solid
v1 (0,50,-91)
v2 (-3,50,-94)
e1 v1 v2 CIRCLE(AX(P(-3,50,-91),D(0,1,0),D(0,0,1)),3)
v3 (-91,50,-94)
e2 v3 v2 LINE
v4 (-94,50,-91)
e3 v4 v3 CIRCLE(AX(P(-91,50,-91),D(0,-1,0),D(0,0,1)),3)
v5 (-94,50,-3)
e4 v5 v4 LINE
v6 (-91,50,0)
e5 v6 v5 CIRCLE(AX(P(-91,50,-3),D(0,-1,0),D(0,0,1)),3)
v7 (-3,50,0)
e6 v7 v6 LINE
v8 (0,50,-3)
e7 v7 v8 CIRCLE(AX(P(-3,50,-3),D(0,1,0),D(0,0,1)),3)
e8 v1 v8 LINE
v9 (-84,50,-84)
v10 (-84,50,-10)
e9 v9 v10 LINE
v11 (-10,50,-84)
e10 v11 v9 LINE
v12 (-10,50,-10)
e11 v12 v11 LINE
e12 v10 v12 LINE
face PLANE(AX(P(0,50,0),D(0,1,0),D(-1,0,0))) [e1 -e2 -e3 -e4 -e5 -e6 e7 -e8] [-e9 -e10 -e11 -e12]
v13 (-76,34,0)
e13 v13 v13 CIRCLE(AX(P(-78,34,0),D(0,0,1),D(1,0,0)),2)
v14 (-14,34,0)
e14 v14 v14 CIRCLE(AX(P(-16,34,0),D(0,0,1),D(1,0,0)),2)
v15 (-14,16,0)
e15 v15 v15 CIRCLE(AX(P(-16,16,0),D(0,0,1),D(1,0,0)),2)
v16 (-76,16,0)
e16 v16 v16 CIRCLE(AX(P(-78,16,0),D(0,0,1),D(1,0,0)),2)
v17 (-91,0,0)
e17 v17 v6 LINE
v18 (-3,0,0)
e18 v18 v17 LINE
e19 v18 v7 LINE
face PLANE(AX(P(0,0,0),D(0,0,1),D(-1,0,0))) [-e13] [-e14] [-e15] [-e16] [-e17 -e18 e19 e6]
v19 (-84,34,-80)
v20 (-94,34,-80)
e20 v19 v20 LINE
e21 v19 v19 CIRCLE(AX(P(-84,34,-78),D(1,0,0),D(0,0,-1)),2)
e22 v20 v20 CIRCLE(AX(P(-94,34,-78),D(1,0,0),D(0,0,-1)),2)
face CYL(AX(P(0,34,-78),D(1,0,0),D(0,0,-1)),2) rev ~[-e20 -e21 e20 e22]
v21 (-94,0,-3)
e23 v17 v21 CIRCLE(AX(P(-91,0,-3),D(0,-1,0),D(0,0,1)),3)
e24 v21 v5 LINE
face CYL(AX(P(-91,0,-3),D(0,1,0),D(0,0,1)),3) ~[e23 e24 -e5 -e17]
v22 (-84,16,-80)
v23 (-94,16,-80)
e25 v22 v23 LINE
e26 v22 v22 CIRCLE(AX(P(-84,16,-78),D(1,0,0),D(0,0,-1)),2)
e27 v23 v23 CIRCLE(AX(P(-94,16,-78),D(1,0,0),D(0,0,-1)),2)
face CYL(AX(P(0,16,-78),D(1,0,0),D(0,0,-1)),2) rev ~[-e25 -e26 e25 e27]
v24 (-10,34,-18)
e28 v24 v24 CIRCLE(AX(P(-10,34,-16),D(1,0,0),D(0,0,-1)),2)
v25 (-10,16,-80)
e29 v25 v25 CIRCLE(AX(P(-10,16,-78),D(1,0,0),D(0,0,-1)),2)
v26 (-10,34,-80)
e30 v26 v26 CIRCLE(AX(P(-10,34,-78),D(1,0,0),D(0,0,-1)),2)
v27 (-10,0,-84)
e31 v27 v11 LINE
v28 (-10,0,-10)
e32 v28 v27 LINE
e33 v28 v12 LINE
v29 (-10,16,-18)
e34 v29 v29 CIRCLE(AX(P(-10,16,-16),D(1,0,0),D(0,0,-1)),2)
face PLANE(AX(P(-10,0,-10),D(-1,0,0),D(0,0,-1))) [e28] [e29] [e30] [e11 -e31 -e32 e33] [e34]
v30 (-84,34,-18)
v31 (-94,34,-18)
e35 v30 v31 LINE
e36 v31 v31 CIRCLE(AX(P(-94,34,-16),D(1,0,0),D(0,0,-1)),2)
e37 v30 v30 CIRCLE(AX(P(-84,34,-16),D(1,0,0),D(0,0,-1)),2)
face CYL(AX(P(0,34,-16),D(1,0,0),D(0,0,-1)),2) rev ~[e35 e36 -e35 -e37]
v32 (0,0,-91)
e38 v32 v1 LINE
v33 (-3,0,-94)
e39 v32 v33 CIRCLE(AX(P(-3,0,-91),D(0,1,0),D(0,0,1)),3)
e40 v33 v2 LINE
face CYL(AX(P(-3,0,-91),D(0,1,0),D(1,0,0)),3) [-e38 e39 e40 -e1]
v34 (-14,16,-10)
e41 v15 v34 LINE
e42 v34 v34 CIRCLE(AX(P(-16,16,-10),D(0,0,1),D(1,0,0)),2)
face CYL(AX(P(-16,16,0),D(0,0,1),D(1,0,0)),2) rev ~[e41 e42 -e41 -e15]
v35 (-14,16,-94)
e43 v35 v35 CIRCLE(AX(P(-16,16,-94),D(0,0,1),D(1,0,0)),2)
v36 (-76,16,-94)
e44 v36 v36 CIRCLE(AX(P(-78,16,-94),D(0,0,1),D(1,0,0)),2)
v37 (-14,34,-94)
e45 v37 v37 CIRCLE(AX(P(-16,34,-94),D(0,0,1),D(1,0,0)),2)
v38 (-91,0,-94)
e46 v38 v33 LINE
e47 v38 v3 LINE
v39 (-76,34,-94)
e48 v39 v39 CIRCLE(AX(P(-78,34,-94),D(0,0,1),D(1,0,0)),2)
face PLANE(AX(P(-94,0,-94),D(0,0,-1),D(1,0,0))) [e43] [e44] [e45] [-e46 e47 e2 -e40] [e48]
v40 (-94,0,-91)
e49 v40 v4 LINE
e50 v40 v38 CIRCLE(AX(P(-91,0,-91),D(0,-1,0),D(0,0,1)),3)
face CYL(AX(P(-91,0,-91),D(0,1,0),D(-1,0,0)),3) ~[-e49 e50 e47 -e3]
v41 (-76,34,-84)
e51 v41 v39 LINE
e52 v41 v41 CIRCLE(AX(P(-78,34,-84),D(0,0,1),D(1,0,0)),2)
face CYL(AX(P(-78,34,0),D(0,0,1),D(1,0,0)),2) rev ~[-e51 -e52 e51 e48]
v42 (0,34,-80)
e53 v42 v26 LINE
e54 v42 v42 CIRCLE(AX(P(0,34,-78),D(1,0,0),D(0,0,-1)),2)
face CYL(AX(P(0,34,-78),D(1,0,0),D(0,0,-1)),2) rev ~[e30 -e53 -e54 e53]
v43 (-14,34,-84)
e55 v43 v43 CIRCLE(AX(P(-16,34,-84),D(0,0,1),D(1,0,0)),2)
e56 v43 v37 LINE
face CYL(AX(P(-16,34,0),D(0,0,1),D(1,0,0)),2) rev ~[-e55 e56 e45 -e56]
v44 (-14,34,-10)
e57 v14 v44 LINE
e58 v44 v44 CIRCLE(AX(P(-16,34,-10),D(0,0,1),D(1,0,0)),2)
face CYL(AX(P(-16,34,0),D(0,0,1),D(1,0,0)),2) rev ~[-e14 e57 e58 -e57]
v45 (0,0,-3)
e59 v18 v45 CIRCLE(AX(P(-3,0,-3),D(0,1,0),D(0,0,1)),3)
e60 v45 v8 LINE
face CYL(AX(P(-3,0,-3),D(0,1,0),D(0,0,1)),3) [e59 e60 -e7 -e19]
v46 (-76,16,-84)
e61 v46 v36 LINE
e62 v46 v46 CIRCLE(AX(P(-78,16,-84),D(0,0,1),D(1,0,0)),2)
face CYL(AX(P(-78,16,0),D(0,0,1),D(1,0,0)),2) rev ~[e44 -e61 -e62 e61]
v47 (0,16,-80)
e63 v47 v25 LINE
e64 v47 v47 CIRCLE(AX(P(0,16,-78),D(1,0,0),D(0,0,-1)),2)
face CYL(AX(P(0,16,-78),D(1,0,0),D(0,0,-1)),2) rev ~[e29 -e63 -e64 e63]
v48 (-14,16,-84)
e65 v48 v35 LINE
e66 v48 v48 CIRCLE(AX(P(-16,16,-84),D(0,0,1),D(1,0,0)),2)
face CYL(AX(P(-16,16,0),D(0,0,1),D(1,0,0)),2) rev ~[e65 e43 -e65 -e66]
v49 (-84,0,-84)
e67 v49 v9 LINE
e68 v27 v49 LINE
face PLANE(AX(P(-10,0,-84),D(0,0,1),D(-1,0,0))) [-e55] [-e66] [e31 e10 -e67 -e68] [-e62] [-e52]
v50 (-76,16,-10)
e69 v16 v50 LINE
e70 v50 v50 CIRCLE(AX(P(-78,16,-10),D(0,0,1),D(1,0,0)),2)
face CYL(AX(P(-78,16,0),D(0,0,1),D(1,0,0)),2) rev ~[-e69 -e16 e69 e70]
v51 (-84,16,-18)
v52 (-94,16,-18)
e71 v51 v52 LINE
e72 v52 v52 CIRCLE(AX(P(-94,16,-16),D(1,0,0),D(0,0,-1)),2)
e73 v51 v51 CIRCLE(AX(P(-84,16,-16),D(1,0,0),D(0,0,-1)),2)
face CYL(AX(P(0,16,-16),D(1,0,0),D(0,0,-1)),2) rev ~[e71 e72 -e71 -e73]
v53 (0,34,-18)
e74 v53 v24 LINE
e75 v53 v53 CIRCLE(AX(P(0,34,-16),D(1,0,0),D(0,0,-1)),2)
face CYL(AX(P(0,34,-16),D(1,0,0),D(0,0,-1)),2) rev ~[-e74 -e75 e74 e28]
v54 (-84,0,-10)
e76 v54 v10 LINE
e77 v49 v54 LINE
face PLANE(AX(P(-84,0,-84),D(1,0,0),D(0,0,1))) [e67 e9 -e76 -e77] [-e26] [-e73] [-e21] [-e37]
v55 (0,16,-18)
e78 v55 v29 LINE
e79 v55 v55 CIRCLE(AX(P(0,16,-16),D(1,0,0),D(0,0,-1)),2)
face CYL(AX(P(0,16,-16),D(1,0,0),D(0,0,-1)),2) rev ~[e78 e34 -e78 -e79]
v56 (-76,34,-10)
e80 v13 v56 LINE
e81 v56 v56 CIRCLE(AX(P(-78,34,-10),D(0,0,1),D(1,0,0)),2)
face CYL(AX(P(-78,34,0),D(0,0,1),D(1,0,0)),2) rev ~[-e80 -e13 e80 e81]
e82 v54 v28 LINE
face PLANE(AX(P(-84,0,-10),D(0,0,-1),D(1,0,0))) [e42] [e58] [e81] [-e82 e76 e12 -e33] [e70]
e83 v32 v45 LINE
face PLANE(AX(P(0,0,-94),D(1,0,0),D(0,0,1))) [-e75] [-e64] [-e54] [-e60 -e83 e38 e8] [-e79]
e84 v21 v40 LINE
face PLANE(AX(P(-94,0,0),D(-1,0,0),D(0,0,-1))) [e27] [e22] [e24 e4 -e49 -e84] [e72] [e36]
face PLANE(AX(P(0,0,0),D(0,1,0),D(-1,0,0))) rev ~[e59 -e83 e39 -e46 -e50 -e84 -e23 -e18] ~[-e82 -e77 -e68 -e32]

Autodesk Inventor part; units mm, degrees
ref_plane "YZ Plane" through (0, 0, 0) normal (1, 0, 0) x (0, 1, 0)
ref_plane "XZ Plane" through (0, 0, 0) normal (0, 1, 0) x (-1, 0, 0)
ref_plane "XY Plane" through (0, 0, 0) normal (0, 0, 1) x (1, 0, 0)
sketch "Sketch1" plane through (0, 0, 0) normal (0, 1, 0) x (-1, 0, 0)
  line L0 (0, 0) -> (94, 0)
  line L1 (94, 0) -> (94, -94)
  line L2 (94, -94) -> (0, -94)
  line L3 (0, -94) -> (0, 0)
  line L4 (84, -10) -> (10, -10)
  line L5 (10, -10) -> (10, -84)
  line L6 (10, -84) -> (84, -84)
  line L7 (84, -84) -> (84, -10)
  line L8 (47, 0) -> (47, -10) construction
  line L9 (10, -47) -> (0, -47) construction
  dimension "d1" = 74
  dimension "d3" = 10
extrude "Extrusion1" add sketch "Sketch1" along normal blind 50
sketch "Sketch2" plane through (-94, 0, 0) normal (0, 0, 1) x (1, 0, 0)
  line L0 (10, 50) -> (84, 50) construction
  line L1 (16, 50) -> (16, 34) construction
  line L2 (16, 16) -> (16, 0) construction
  line L3 (16, 34) -> (0, 34) construction
  line L4 (0, 0) -> (0, 50) construction
  line L5 (78, 50) -> (78, 34) construction
  line L6 (78, 34) -> (94, 34) construction
  line L7 (94, 0) -> (94, 50) construction
  line L8 (94, 16) -> (78, 16) construction
  line L9 (78, 16) -> (78, 0) construction
  circle A0 centre (16, 34) radius 2
  circle A1 centre (78, 34) radius 2
  circle A2 centre (78, 16) radius 2
  circle A3 centre (16, 16) radius 2
  line L10 (0, 0) -> (94, 0) construction
  dimension "boarder_to_hole" = 16
  dimension "d7" = 4
extrude "Extrusion2" cut sketch "Sketch2" against normal up to surface (94 mm away)
sketch "Sketch3" plane through (0, 0, 0) normal (1, 0, 0) x (0, 0, -1)
  line L0 (0, 50) -> (60.8888, 50) construction
  line L1 (16, 50) -> (16, 34) construction
  line L2 (16, 16) -> (16, 0) construction
  line L3 (16, 34) -> (0, 34) construction
  line L4 (0, 0) -> (0, 50) construction
  line L5 (78, 50) -> (78, 34) construction
  line L6 (78, 34) -> (94, 34) construction
  line L7 (94, 0) -> (94, 49.9084) construction
  line L8 (94, 16) -> (78, 16) construction
  line L9 (78, 16) -> (78, 0) construction
  circle A0 centre (16, 34) radius 2
  circle A1 centre (78, 34) radius 2
  circle A2 centre (78, 16) radius 2
  circle A3 centre (16, 16) radius 2
  line L10 (0, 0) -> (94, 0) construction
  line L11 (0, 50) -> (94, 50) projected
  dimension "d10" = 16
  dimension "d13" = 4
extrude "Extrusion3" cut sketch "Sketch3" against normal up to surface (94 mm away)
fillet "Fillet1" radius 3 4 edges at (0, 25, 0) (-94, 25, 0) (-94, 25, -94) (0, 25, -94)
equation "\"d3\" = square_thickness"
equation "\"d7\" = screw_size"
equation "\"d10\" = boarder_to_hole"
equation "\"d13\" = screw_size"
equation "\"square_thickness\" = 10"
equation "\"screw_size\" = 4"
properties part number "centerlegg_mounting_bracket"
